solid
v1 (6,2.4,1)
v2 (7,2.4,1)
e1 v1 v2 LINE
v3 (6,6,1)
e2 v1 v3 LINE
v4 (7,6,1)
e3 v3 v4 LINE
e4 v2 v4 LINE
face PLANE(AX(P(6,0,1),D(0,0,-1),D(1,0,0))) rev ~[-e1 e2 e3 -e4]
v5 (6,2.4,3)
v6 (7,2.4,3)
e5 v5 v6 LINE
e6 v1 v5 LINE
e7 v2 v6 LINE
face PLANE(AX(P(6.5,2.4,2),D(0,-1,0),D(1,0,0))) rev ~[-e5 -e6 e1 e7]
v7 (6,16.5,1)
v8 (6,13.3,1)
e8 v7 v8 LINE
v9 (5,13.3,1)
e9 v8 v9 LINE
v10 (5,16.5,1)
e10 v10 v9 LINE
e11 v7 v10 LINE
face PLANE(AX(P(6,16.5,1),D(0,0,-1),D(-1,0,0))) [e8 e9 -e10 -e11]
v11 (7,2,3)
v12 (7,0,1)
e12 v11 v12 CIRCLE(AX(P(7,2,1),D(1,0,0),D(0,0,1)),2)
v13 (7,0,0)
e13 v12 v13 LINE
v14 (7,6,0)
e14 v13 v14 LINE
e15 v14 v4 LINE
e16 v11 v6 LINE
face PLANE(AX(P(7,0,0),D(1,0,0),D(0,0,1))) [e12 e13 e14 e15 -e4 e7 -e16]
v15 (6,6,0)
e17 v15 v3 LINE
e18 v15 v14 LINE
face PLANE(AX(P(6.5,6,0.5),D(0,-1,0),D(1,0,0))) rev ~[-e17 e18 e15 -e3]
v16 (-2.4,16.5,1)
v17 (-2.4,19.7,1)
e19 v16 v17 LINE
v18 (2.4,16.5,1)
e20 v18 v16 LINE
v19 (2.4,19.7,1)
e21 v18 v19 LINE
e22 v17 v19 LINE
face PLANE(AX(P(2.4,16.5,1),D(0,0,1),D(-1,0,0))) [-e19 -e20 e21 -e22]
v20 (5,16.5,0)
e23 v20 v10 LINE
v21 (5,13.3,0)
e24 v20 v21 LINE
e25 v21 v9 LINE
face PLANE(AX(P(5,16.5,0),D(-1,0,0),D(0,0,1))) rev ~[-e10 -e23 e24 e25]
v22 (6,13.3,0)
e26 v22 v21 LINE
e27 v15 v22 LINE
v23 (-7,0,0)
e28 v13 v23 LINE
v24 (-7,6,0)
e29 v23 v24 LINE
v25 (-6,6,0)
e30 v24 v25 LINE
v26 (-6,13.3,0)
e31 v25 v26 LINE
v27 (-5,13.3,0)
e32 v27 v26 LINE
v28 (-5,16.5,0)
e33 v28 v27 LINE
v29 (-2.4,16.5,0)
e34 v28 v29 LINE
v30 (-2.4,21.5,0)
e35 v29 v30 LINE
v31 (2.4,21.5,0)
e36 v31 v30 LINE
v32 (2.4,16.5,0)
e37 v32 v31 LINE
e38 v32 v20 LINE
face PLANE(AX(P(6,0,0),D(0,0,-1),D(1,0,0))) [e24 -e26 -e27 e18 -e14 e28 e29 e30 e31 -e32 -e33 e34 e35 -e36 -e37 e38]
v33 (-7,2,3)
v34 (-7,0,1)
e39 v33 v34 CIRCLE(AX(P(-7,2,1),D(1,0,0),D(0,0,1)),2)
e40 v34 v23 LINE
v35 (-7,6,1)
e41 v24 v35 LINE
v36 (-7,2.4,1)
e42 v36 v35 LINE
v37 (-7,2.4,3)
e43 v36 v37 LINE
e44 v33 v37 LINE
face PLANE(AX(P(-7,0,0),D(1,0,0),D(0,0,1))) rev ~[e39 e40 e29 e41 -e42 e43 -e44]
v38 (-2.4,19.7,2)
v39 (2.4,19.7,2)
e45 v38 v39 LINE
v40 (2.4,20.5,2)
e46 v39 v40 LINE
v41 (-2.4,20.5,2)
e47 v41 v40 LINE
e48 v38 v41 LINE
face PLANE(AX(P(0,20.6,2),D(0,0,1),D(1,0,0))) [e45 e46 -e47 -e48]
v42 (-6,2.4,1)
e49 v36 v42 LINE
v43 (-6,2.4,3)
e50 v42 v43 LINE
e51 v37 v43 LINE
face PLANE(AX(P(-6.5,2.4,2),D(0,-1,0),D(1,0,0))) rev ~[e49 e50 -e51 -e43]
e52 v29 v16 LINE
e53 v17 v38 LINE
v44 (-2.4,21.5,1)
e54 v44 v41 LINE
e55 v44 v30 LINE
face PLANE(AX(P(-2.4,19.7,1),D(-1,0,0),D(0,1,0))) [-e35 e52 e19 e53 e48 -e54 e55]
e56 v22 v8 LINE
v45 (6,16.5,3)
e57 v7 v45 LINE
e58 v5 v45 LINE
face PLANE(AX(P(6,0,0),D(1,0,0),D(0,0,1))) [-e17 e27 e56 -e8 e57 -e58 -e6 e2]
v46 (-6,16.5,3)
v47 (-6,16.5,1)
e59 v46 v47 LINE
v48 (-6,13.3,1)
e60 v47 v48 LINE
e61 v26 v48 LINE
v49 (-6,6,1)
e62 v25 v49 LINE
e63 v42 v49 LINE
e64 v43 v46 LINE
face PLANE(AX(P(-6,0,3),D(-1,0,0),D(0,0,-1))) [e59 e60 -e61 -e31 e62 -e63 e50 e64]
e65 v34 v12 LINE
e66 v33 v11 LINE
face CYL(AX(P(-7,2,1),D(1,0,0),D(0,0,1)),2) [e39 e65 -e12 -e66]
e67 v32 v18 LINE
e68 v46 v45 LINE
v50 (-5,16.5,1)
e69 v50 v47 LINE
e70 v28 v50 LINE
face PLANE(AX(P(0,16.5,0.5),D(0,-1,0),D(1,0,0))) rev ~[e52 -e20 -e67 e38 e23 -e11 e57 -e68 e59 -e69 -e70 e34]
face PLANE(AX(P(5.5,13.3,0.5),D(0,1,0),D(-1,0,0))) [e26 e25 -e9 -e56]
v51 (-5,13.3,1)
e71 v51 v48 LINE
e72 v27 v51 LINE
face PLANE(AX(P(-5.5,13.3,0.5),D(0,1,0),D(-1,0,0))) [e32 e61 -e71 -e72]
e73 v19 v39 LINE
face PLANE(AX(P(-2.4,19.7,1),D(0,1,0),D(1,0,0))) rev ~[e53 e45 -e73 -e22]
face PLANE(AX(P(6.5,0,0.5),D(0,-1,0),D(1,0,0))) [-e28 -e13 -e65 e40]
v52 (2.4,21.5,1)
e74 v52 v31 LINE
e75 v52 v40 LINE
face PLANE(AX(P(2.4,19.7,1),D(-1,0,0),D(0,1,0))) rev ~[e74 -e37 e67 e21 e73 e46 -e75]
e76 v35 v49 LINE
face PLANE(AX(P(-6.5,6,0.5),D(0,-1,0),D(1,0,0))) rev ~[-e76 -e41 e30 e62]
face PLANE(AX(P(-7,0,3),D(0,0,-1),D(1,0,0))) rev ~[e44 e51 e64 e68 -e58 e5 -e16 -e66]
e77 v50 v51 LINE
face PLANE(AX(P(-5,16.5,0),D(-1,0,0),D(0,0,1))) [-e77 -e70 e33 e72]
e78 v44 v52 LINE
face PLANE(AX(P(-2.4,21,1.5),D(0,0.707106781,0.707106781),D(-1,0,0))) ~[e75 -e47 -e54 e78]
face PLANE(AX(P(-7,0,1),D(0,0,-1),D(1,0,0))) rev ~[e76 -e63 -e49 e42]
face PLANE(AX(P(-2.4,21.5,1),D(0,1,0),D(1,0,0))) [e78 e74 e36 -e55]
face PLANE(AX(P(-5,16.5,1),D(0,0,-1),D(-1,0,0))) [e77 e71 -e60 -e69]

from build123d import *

# Parameters (mm, degrees)
F0_W     = 12
F0_H     = 1
F0_H_2   = 2
F1_DEPTH = 16.5
F0_W_2   = 1
F2_DEPTH = 2.4
F3_DEPTH = 6
F4_R     = 2
F5_W     = 1
F5_H     = 1
F6_DEPTH = 3.2
F5_W_2   = 4.8
F7_DEPTH = 5
F8_W     = 4.8
F8_H     = 1.8
F9_DEPTH = 1
F10_SIZE = 1


with BuildPart() as f1:
    # F0 (on Front) → F1 (new body)
    with BuildSketch(Plane.XZ):
        with Locations((0, 0.5)):
            Rectangle(F0_W, F0_H)
        with Locations((0, 2)):
            Rectangle(F0_W, F0_H_2)
    extrude(amount=-F1_DEPTH)

    # F0 (on Front) → F2 (join)
    with BuildSketch(Plane.XZ):
        with Locations((-6.5, 2)):
            Rectangle(F0_W_2, F0_H_2)
        with Locations((6.5, 2)):
            Rectangle(F0_W_2, F0_H_2)
    extrude(amount=-F2_DEPTH)

    # F0 (on Front) → F3 (join)
    with BuildSketch(Plane.XZ):
        with Locations((6.5, 0.5)):
            Rectangle(F0_W_2, F0_H)
        with Locations((-6.5, 0.5)):
            Rectangle(F0_W_2, F0_H)
    extrude(amount=-F3_DEPTH)

    # F4
    f4_edges = [f1.edges().sort_by_distance(p)[0] for p in [
        (0, 0, 3),
    ]]
    fillet(f4_edges, radius=F4_R)

    # F5 (on face) → F6 (cut)
    with BuildSketch(Plane(origin=(0, 16.5, 0), x_dir=(-1, 0, 0), z_dir=(0, 1, 0))):
        with Locations((5.5, 0.5)):
            Rectangle(F5_W, F5_H)
        with Locations((-5.5, 0.5)):
            Rectangle(F5_W, F5_H)
    extrude(amount=-F6_DEPTH, mode=Mode.SUBTRACT)

    # F5 (on face) → F7 (join)
    with BuildSketch(Plane(origin=(0, 16.5, 0), x_dir=(-1, 0, 0), z_dir=(0, 1, 0))):
        with Locations((0, 0.5)):
            Rectangle(F5_W_2, F5_H)
    extrude(amount=F7_DEPTH)

    # F8 (on face) → F9 (join)
    with BuildSketch(Plane.XY.offset(1)):
        with Locations((0, 20.6)):
            Rectangle(F8_W, F8_H)
    extrude(amount=F9_DEPTH)

    # F10
    f10_edges = [f1.edges().sort_by_distance(p)[0] for p in [
        (0, 21.5, 2),
    ]]
    chamfer(f10_edges, length=F10_SIZE)


solid = f1.part
